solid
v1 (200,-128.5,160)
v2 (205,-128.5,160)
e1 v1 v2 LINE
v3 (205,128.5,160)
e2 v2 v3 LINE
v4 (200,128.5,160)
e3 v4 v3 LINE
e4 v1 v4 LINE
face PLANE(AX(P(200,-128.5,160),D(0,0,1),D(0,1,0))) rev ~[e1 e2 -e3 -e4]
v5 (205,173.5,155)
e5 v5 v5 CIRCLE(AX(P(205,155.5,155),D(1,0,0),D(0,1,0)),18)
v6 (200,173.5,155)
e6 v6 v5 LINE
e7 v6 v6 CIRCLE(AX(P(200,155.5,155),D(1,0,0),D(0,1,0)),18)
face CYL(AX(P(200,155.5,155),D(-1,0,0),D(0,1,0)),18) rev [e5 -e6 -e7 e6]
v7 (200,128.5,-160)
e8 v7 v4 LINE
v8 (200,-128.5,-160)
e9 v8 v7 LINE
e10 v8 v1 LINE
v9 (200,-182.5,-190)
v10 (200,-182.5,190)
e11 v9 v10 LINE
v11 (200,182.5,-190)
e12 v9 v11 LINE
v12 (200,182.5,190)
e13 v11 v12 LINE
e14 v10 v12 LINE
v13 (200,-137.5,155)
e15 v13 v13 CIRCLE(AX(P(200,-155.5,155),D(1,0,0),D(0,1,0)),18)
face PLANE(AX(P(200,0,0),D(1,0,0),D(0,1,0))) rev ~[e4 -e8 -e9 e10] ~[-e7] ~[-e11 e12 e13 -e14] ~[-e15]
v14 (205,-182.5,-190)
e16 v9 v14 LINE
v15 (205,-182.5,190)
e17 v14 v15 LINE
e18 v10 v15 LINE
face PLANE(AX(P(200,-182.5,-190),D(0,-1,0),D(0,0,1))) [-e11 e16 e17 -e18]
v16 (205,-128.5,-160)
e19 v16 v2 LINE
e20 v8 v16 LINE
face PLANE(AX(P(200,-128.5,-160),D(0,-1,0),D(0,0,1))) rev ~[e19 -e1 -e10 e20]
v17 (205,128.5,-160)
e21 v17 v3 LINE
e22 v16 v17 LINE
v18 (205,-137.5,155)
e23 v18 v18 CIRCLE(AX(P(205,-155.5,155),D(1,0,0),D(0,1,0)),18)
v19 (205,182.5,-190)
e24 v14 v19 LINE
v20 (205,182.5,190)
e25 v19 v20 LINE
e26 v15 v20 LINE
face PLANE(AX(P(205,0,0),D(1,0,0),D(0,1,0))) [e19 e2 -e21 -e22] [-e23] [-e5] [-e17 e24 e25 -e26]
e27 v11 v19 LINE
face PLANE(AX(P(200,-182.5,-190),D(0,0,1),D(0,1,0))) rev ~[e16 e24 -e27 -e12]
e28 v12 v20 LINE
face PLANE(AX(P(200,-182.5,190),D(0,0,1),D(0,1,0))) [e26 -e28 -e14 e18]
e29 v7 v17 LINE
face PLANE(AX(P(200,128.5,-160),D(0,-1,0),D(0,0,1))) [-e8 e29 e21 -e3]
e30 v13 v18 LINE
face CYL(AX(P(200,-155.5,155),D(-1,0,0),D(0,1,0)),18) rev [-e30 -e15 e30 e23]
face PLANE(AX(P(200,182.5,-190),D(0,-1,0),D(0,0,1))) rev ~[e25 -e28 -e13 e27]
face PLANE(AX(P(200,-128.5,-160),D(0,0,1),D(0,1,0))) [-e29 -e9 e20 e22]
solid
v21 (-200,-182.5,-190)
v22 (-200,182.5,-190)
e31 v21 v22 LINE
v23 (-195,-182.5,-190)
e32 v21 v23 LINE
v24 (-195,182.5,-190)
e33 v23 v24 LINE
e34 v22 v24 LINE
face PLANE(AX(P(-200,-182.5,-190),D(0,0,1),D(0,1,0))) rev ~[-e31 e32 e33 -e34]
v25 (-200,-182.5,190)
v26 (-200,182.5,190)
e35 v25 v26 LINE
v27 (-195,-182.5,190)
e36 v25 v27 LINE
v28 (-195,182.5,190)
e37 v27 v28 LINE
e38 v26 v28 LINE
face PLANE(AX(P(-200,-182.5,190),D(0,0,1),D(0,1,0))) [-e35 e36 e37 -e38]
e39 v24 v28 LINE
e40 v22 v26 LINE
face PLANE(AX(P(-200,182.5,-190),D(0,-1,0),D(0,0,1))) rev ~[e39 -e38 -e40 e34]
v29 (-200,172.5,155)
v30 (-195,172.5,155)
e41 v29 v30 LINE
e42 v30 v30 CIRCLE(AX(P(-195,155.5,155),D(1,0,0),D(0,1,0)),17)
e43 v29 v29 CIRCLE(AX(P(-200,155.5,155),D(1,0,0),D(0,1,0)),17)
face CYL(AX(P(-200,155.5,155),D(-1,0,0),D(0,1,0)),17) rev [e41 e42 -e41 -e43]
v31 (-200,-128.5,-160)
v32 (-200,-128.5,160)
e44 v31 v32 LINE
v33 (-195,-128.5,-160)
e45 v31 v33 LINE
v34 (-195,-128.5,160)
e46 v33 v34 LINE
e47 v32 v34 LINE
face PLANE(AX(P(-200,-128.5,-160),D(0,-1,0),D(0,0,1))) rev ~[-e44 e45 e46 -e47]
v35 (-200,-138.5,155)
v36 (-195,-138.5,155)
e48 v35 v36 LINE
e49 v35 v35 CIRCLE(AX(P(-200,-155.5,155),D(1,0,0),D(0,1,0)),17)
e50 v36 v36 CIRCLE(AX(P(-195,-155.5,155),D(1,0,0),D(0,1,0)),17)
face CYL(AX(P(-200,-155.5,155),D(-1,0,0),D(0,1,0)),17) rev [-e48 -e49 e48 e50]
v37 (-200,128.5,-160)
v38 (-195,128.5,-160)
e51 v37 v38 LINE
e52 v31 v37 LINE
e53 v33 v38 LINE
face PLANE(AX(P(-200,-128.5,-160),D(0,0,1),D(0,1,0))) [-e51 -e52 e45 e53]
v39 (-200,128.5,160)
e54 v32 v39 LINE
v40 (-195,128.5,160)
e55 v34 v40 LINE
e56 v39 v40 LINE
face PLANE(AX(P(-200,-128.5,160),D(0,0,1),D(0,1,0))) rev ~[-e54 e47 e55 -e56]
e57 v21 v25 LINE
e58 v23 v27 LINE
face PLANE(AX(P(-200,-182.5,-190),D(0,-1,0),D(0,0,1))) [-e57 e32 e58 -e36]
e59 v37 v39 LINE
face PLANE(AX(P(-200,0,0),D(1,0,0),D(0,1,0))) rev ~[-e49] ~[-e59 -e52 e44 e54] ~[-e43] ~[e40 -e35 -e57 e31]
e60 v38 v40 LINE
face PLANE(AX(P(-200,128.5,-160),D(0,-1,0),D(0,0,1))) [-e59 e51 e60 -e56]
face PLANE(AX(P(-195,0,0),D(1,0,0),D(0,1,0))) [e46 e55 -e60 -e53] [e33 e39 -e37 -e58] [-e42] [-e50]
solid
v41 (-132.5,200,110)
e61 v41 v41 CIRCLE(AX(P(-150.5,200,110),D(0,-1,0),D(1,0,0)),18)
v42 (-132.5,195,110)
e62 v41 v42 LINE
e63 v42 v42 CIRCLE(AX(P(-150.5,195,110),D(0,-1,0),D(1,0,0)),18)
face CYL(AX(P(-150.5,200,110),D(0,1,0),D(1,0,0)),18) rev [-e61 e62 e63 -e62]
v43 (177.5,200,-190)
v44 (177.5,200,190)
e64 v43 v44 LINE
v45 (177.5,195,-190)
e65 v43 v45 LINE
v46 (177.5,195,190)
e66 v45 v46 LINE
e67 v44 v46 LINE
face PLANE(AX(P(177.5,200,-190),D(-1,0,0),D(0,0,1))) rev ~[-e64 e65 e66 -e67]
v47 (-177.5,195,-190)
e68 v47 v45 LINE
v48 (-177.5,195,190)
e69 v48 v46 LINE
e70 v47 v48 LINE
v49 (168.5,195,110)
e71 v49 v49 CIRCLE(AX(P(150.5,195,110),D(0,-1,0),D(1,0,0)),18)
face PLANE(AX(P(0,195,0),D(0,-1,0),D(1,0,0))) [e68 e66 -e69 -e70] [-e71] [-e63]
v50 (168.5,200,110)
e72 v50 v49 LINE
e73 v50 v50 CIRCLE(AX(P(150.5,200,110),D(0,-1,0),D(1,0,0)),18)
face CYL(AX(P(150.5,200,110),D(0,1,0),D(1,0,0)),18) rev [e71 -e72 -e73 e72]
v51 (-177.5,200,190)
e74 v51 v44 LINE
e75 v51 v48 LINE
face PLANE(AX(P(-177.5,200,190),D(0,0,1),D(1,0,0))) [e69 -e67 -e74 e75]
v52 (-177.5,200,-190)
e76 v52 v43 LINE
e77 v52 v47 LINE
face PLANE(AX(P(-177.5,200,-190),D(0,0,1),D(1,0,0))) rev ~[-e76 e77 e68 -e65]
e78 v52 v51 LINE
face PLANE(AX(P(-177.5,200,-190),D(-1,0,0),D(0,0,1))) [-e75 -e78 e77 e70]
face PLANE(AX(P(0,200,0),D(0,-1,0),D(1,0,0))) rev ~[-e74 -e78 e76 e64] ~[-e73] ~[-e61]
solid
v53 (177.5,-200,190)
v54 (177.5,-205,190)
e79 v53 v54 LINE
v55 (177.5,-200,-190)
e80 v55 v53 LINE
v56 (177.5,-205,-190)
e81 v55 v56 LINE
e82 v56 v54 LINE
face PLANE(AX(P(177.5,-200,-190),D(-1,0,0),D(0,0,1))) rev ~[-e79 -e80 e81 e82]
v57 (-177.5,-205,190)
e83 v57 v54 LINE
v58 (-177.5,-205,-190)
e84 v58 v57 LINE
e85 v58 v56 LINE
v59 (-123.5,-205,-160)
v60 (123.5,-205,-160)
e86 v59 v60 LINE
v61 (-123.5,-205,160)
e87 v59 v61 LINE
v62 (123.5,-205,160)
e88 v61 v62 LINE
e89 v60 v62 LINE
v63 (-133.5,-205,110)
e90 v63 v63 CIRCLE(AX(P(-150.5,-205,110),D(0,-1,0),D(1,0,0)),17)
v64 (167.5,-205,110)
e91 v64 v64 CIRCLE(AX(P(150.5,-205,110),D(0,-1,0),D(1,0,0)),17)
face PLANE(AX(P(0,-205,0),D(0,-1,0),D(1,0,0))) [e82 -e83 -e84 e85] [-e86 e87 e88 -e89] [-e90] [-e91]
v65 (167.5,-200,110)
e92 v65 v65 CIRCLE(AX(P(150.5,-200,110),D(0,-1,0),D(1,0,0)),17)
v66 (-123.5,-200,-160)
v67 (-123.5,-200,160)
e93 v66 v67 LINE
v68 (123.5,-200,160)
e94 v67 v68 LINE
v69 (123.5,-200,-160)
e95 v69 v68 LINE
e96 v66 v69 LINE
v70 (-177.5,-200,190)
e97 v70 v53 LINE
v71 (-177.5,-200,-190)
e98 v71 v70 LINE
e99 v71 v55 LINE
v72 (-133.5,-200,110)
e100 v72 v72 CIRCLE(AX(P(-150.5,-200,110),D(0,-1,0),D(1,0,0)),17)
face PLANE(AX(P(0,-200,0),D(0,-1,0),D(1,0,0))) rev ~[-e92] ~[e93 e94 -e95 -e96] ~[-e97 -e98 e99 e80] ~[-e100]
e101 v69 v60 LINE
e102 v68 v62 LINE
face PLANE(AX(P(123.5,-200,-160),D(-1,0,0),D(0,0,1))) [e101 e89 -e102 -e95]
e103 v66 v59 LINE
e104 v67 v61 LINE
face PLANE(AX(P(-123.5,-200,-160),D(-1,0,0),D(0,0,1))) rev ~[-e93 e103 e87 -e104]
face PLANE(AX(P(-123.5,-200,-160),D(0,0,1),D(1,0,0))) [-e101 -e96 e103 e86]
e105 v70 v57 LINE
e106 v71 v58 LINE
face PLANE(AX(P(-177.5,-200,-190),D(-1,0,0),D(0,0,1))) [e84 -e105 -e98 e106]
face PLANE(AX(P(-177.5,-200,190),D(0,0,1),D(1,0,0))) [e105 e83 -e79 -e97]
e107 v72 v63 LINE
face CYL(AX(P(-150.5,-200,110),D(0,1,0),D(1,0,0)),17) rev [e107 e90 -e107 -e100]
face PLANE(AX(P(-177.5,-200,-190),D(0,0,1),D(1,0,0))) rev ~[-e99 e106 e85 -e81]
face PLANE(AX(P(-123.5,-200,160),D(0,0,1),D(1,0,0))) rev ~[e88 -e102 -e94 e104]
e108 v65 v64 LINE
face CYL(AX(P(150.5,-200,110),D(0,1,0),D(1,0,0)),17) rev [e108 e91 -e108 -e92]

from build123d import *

# Parameters (mm, degrees)
F5_W      = 365
F5_H      = 380
F5_R      = 18
F5_W_2    = 257
F5_H_2    = 320
F9_DEPTH  = 5
F6_W      = 355
F6_H      = 380
F6_R      = 18
F10_DEPTH = 5
F7_W      = 355
F7_H      = 380
F7_R      = 17
F7_W_2    = 247
F7_H_2    = 320
F11_DEPTH = 5
F8_W      = 365
F8_H      = 380
F8_R      = 17
F8_W_2    = 257
F8_H_2    = 320
F12_DEPTH = 5


with BuildPart() as f9:
    # F5 (on offset) → F9 (new body)
    with BuildSketch(Plane.YZ.offset(200)):
        Rectangle(F5_W, F5_H)
        with Locations((-155.5, 155)):
            Circle(F5_R, mode=Mode.SUBTRACT)
        Rectangle(F5_W_2, F5_H_2, mode=Mode.SUBTRACT)
        with Locations((155.5, 155)):
            Circle(F5_R, mode=Mode.SUBTRACT)
    extrude(amount=F9_DEPTH)


with BuildPart() as f10:
    # F6 (on offset) → F10 (new body)
    with BuildSketch(Plane.XZ.offset(-200)):
        Rectangle(F6_W, F6_H)
        with Locations((-150.5, 110)):
            Circle(F6_R, mode=Mode.SUBTRACT)
        with Locations((150.5, 110)):
            Circle(F6_R, mode=Mode.SUBTRACT)
    extrude(amount=F10_DEPTH)


with BuildPart() as f11:
    # F7 (on offset) → F11 (new body)
    with BuildSketch(Plane.XZ.offset(200)):
        Rectangle(F7_W, F7_H)
        with Locations((-150.5, 110)):
            Circle(F7_R, mode=Mode.SUBTRACT)
        Rectangle(F7_W_2, F7_H_2, mode=Mode.SUBTRACT)
        with Locations((150.5, 110)):
            Circle(F7_R, mode=Mode.SUBTRACT)
    extrude(amount=F11_DEPTH)


with BuildPart() as f12:
    # F8 (on offset) → F12 (new body)
    with BuildSketch(Plane.YZ.offset(-200)):
        Rectangle(F8_W, F8_H)
        with Locations((-155.5, 155)):
            Circle(F8_R, mode=Mode.SUBTRACT)
        Rectangle(F8_W_2, F8_H_2, mode=Mode.SUBTRACT)
        with Locations((155.5, 155)):
            Circle(F8_R, mode=Mode.SUBTRACT)
    extrude(amount=F12_DEPTH)


solid = Compound([f9.part, f10.part, f11.part, f12.part])
